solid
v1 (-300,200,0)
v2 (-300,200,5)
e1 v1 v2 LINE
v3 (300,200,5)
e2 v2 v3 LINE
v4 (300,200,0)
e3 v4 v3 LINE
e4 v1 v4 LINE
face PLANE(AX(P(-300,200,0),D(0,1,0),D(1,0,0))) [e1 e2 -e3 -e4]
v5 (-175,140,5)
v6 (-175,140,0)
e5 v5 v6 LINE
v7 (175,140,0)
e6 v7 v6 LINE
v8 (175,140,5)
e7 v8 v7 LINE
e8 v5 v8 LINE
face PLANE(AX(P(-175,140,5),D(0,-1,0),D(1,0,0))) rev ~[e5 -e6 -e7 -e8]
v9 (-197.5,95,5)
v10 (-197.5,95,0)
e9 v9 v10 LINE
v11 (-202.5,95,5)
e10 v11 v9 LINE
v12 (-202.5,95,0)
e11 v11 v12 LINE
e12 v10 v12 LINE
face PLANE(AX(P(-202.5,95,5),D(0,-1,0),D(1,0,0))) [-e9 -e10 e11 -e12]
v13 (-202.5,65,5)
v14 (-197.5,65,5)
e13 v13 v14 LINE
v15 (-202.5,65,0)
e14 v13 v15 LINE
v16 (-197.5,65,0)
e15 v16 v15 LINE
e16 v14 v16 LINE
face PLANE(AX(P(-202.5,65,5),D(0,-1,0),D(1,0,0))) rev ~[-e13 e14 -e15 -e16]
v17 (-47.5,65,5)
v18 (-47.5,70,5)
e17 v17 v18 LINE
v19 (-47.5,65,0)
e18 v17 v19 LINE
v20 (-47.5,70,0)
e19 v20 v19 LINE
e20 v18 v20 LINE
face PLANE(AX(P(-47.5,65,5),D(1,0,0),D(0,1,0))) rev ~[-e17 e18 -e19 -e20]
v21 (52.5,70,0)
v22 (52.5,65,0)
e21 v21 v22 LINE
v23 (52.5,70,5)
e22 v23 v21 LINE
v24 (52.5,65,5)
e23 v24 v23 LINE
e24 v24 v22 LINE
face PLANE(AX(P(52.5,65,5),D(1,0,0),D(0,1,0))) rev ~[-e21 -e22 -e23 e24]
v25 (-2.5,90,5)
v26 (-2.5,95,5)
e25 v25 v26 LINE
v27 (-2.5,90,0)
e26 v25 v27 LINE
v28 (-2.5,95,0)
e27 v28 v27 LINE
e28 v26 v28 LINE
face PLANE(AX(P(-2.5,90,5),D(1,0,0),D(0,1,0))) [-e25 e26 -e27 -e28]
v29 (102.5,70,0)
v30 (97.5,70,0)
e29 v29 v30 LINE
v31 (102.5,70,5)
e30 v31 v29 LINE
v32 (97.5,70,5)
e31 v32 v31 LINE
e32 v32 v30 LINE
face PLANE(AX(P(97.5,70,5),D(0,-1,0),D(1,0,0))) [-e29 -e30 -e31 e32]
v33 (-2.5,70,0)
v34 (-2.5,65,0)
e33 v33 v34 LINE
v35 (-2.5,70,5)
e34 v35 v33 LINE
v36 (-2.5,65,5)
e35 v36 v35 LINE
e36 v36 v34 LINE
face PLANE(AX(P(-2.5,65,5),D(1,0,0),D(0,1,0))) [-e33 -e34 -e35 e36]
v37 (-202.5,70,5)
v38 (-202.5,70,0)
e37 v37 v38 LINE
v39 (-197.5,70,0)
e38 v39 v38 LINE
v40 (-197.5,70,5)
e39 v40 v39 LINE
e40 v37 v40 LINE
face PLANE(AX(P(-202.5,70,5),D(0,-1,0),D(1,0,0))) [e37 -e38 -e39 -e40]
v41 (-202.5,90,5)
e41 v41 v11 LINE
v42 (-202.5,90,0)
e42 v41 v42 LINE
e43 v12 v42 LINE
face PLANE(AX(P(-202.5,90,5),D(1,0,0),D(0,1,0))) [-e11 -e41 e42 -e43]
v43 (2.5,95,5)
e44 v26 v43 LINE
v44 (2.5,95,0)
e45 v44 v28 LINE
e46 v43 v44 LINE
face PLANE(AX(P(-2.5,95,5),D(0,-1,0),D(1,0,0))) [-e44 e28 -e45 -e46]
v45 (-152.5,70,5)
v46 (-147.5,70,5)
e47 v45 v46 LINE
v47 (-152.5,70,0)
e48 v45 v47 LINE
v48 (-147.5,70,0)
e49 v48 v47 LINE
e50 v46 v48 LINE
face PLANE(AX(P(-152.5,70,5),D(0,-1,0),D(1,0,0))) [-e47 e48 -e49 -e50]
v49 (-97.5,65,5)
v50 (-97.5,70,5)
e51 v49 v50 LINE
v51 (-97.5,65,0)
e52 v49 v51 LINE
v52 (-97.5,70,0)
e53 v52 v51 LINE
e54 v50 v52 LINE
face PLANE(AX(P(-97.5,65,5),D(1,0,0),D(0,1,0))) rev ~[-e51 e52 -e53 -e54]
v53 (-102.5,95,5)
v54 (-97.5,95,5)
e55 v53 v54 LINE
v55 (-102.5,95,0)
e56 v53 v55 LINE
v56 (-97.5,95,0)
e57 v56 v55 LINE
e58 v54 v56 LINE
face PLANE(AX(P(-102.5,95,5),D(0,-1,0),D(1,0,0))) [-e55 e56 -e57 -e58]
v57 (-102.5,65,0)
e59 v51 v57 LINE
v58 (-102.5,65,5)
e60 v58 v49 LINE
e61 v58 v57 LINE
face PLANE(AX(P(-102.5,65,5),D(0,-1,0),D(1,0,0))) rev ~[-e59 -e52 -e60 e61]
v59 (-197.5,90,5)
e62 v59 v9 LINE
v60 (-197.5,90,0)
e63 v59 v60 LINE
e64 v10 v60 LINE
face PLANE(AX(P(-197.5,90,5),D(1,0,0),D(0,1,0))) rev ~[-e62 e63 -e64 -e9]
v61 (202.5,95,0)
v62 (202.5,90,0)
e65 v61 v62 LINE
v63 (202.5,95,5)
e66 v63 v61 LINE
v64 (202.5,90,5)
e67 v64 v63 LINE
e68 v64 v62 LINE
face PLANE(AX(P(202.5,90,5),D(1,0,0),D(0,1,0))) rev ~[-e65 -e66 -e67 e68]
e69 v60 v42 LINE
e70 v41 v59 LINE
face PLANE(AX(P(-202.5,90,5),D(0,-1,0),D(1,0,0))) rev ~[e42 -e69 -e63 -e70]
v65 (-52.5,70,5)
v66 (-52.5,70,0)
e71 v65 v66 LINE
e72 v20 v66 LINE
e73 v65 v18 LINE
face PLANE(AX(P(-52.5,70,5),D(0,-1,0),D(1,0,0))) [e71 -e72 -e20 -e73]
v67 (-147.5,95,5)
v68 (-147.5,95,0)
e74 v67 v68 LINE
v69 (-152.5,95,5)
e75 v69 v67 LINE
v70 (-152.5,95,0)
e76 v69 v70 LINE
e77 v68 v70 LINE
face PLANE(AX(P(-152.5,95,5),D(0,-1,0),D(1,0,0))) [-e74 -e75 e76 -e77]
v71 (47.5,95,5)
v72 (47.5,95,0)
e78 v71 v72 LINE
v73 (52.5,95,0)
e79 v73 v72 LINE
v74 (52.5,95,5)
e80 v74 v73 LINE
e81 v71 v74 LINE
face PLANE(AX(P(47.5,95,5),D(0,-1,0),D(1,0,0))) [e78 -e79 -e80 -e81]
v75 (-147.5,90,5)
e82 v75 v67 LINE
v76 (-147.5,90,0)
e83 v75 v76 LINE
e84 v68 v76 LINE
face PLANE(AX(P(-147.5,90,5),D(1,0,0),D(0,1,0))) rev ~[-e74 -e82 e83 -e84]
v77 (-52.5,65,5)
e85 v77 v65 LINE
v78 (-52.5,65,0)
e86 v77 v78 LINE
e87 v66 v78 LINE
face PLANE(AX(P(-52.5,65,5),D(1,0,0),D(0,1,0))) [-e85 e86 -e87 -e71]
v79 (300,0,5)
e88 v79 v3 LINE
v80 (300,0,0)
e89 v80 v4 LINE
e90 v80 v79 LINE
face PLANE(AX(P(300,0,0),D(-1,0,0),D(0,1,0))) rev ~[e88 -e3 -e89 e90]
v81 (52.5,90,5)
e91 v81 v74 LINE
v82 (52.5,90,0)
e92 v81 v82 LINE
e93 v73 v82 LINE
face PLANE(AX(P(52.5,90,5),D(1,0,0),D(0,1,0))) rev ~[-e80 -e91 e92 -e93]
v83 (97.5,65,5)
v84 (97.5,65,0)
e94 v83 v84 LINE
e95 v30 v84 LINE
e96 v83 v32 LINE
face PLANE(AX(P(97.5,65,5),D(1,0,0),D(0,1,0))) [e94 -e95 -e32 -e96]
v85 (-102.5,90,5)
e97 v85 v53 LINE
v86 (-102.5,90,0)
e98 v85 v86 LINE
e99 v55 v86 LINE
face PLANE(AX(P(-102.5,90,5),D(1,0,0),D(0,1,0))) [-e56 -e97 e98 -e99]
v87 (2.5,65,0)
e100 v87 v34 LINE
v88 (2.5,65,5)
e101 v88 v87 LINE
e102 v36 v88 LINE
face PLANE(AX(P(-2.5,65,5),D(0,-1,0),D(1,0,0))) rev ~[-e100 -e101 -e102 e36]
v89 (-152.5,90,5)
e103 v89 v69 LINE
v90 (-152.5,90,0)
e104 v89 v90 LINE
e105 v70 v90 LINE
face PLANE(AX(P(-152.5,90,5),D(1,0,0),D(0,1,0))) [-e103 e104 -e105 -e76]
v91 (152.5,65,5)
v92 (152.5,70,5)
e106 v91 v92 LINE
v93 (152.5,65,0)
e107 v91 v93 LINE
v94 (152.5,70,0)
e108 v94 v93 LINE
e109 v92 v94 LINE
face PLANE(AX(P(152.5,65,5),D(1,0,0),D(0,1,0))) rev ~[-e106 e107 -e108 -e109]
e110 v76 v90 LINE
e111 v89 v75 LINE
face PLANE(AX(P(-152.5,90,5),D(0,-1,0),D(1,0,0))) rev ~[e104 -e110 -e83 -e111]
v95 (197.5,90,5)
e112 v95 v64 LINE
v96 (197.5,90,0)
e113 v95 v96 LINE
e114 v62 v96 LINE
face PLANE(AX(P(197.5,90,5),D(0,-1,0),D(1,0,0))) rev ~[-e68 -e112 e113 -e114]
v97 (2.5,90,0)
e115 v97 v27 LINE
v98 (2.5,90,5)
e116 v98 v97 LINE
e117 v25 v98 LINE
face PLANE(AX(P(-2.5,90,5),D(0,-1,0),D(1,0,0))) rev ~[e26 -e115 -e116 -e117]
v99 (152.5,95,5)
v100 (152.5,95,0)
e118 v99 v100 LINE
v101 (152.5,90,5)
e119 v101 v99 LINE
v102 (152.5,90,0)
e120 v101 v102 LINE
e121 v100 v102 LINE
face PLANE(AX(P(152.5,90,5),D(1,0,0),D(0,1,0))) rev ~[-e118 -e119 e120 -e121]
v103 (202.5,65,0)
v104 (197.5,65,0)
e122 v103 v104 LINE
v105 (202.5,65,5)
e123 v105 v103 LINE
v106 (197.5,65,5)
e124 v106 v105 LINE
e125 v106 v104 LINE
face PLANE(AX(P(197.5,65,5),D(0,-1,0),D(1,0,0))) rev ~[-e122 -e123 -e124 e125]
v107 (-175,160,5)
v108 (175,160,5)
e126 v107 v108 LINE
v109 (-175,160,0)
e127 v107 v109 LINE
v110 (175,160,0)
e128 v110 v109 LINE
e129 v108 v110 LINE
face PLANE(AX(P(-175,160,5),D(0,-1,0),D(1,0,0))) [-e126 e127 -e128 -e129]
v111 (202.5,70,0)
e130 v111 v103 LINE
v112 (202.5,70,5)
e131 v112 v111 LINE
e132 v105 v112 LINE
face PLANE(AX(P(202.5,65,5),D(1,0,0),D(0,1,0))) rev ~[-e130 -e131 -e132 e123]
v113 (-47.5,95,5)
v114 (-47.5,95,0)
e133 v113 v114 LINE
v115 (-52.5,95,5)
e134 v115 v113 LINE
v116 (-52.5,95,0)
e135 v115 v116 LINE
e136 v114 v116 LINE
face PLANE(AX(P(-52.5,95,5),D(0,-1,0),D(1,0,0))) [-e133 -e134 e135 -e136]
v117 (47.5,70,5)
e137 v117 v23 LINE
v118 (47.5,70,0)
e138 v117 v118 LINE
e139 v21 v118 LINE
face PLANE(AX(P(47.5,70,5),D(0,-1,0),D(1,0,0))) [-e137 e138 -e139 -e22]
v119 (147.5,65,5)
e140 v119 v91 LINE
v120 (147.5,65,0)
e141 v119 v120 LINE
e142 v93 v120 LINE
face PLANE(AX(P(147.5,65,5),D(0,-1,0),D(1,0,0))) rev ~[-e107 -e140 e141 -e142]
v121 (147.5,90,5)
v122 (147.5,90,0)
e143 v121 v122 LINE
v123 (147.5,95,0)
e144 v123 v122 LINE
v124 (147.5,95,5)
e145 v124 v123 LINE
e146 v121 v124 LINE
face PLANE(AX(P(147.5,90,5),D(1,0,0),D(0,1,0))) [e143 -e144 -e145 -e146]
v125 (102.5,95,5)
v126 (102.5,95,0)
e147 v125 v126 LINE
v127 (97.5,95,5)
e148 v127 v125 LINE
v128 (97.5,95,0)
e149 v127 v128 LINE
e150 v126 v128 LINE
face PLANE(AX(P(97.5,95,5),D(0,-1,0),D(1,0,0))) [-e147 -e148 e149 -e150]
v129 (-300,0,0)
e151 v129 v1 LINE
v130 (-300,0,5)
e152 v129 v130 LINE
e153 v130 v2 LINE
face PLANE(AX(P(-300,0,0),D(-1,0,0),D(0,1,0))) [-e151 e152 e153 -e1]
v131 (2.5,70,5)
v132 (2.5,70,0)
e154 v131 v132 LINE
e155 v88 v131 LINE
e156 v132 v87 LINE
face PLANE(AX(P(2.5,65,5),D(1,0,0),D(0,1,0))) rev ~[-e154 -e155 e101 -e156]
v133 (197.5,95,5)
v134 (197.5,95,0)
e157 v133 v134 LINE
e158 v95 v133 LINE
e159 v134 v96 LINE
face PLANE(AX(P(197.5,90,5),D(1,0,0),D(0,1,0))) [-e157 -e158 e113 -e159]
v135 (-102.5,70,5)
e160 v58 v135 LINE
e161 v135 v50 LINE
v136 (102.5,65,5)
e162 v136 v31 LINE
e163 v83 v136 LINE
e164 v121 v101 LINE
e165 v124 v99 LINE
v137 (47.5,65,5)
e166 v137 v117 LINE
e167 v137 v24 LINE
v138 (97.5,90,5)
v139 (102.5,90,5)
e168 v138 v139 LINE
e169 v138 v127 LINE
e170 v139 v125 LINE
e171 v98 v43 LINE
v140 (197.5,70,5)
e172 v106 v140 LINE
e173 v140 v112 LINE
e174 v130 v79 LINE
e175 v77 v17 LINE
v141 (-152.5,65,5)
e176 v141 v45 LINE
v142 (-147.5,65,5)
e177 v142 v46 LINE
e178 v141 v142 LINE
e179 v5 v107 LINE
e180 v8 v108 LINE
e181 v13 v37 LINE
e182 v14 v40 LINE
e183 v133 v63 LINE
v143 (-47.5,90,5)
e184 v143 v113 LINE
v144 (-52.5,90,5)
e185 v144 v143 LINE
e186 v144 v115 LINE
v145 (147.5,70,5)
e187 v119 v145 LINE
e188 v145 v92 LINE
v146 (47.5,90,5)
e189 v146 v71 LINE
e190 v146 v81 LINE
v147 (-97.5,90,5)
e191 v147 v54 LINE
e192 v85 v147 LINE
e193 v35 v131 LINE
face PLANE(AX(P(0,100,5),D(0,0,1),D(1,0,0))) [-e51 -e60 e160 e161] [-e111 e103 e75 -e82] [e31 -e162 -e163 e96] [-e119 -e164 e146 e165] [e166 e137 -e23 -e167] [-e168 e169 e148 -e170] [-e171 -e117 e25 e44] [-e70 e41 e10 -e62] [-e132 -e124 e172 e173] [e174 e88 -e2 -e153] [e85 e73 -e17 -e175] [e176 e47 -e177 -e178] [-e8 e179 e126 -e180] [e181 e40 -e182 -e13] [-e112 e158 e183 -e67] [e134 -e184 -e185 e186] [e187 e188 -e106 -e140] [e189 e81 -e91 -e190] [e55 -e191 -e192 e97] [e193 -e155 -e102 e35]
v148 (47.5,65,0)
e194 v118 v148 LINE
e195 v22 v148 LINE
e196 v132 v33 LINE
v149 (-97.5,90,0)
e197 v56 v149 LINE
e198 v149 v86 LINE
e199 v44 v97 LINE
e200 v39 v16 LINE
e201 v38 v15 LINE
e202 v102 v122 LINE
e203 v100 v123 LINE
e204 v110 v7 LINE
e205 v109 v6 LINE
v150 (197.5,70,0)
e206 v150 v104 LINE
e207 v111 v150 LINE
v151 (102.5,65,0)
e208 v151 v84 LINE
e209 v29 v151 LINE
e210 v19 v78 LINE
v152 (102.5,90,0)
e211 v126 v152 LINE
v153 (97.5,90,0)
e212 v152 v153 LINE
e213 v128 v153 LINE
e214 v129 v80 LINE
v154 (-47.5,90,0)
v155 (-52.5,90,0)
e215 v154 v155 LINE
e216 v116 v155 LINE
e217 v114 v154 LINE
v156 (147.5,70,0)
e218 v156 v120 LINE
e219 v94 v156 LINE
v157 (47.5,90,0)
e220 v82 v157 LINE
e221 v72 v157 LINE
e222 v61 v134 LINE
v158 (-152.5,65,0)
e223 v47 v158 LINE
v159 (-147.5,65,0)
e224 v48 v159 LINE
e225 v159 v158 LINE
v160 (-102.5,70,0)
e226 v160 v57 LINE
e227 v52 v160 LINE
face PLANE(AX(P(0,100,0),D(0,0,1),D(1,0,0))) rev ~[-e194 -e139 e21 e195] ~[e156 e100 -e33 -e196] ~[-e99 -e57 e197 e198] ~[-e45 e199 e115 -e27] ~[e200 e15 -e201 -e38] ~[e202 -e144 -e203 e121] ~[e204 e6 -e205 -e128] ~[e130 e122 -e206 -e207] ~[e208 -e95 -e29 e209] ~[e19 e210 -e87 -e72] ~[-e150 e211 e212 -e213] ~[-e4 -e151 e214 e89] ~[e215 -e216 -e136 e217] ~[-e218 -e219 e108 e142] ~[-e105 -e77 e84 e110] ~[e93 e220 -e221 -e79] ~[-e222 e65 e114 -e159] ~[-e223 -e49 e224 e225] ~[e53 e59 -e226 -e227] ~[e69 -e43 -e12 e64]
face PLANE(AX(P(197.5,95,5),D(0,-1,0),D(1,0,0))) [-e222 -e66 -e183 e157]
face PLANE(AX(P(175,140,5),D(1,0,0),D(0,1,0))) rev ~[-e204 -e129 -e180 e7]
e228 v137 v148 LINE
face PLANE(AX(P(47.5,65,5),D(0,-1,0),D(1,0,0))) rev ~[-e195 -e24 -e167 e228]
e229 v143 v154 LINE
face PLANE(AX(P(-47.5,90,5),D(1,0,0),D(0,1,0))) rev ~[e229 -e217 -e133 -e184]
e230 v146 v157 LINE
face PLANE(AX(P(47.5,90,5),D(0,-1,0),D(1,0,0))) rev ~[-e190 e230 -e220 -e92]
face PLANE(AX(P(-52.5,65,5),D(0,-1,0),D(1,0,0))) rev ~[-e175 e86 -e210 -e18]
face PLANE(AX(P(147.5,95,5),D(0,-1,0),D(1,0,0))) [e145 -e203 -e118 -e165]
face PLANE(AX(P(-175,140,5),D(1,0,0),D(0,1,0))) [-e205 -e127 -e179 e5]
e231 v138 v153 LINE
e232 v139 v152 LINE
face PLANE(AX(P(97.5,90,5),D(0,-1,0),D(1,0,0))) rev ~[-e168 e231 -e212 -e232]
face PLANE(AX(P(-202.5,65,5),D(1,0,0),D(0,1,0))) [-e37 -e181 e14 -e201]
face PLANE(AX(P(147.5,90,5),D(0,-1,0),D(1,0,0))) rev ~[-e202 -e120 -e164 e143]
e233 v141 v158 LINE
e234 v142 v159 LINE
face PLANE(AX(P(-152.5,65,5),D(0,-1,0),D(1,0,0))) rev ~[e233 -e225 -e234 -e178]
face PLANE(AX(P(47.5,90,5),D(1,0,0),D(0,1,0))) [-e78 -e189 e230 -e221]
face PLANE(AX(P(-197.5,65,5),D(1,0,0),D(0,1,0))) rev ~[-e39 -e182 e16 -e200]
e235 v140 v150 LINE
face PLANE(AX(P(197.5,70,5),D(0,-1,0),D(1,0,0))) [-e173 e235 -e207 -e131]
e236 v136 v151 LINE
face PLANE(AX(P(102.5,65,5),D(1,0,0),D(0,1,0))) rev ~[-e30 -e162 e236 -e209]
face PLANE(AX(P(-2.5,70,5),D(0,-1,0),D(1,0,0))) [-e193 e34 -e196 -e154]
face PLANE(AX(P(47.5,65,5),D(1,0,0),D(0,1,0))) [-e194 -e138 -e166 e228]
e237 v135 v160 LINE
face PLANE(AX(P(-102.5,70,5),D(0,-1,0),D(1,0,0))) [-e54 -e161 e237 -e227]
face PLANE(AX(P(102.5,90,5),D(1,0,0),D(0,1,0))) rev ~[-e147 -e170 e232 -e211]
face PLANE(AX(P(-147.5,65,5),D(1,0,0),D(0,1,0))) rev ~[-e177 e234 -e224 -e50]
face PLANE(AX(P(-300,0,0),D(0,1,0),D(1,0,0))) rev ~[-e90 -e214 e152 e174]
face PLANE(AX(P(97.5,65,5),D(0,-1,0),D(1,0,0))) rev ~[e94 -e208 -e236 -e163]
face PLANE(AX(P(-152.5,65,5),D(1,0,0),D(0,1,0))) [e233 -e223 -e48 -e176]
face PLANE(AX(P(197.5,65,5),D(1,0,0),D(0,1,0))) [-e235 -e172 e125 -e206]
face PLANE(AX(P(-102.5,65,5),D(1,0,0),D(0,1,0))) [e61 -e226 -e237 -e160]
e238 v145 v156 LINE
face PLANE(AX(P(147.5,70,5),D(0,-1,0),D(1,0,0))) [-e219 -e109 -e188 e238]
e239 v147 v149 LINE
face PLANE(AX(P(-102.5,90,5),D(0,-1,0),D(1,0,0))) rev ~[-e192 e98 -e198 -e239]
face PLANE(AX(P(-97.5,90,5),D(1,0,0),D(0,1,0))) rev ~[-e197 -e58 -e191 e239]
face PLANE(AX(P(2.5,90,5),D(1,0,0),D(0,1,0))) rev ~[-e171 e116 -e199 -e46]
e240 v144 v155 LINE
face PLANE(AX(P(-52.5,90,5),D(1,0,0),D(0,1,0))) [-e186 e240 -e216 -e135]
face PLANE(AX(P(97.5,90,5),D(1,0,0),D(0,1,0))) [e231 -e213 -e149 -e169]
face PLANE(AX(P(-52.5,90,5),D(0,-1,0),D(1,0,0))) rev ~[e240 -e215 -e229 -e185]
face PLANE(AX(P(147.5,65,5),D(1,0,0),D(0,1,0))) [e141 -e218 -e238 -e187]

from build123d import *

# Parameters (mm, degrees)
SKETCH1_W           = 600
SKETCH1_H           = 200
EXTRUDE1_DEPTH      = 5
CUT_EXTRUDE1_REACH  = 362.59
SKETCH2_W           = 350
SKETCH2_H           = 20
CUT_EXTRUDE2_REACH  = 362.59
SKETCH4_W           = 5
SKETCH4_H           = 5
LPATTERN4_COUNT     = 5
LPATTERN4_PITCH     = 50
LPATTERN4_COL_COUNT = 5
LPATTERN4_COL_PITCH = 50


with BuildPart() as part:
    # Sketch1 → Extrude1 (new body)
    with BuildSketch(Plane.XY):
        with Locations((0, 100)):
            Rectangle(SKETCH1_W, SKETCH1_H)
    extrude(amount=EXTRUDE1_DEPTH)

    # Sketch2 → Cut-Extrude1 (cut, up to next)
    with BuildSketch(Plane.XY.offset(5), mode=Mode.PRIVATE) as cut_extrude1_sk1:
        with Locations((0, 150)):
            Rectangle(SKETCH2_W, SKETCH2_H)
    cut_extrude1_tool1 = extrude(cut_extrude1_sk1.sketch, amount=-CUT_EXTRUDE1_REACH, mode=Mode.PRIVATE) & part.part
    add(cut_extrude1_tool1.solids().sort_by_distance((0, 150, 5))[0], mode=Mode.SUBTRACT)

    # Sketch4 → Cut-Extrude2 (cut, up to next)
    with BuildSketch(Plane.XY.offset(5), mode=Mode.PRIVATE) as cut_extrude2_sk1:
        with Locations((0, 67.5)):
            Rectangle(SKETCH4_W, SKETCH4_H)
    cut_extrude2_tool1 = extrude(cut_extrude2_sk1.sketch, amount=-CUT_EXTRUDE2_REACH, mode=Mode.PRIVATE) & part.part
    # Sketch4 → Cut-Extrude2 (cut, up to next)
    with BuildSketch(Plane.XY.offset(5), mode=Mode.PRIVATE) as cut_extrude2_sk2:
        with Locations((0, 92.5)):
            Rectangle(SKETCH4_W, SKETCH4_H)
    cut_extrude2_tool2 = extrude(cut_extrude2_sk2.sketch, amount=-CUT_EXTRUDE2_REACH, mode=Mode.PRIVATE) & part.part
    cut_extrude2_1 = cut_extrude2_tool1.solids().sort_by_distance((0, 67.5, 5))[0]
    add(cut_extrude2_1, mode=Mode.SUBTRACT)
    cut_extrude2_2 = cut_extrude2_tool2.solids().sort_by_distance((0, 92.5, 5))[0]
    add(cut_extrude2_2, mode=Mode.SUBTRACT)
    cut_extrude2 = cut_extrude2_1 + cut_extrude2_2  # Cut-Extrude2 as one shape, for the pattern or mirror that repeats it

    # LPattern4: Cut-Extrude2 ×5
    with Locations(*[(-i * LPATTERN4_PITCH, 0, 0) for i in range(1, LPATTERN4_COUNT)]):
        add(cut_extrude2, mode=Mode.SUBTRACT)

    # LPattern4 col: Cut-Extrude2 ×5
    with Locations(*[(i * LPATTERN4_COL_PITCH, 0, 0) for i in range(1, LPATTERN4_COL_COUNT)]):
        add(cut_extrude2, mode=Mode.SUBTRACT)


solid = part.part
